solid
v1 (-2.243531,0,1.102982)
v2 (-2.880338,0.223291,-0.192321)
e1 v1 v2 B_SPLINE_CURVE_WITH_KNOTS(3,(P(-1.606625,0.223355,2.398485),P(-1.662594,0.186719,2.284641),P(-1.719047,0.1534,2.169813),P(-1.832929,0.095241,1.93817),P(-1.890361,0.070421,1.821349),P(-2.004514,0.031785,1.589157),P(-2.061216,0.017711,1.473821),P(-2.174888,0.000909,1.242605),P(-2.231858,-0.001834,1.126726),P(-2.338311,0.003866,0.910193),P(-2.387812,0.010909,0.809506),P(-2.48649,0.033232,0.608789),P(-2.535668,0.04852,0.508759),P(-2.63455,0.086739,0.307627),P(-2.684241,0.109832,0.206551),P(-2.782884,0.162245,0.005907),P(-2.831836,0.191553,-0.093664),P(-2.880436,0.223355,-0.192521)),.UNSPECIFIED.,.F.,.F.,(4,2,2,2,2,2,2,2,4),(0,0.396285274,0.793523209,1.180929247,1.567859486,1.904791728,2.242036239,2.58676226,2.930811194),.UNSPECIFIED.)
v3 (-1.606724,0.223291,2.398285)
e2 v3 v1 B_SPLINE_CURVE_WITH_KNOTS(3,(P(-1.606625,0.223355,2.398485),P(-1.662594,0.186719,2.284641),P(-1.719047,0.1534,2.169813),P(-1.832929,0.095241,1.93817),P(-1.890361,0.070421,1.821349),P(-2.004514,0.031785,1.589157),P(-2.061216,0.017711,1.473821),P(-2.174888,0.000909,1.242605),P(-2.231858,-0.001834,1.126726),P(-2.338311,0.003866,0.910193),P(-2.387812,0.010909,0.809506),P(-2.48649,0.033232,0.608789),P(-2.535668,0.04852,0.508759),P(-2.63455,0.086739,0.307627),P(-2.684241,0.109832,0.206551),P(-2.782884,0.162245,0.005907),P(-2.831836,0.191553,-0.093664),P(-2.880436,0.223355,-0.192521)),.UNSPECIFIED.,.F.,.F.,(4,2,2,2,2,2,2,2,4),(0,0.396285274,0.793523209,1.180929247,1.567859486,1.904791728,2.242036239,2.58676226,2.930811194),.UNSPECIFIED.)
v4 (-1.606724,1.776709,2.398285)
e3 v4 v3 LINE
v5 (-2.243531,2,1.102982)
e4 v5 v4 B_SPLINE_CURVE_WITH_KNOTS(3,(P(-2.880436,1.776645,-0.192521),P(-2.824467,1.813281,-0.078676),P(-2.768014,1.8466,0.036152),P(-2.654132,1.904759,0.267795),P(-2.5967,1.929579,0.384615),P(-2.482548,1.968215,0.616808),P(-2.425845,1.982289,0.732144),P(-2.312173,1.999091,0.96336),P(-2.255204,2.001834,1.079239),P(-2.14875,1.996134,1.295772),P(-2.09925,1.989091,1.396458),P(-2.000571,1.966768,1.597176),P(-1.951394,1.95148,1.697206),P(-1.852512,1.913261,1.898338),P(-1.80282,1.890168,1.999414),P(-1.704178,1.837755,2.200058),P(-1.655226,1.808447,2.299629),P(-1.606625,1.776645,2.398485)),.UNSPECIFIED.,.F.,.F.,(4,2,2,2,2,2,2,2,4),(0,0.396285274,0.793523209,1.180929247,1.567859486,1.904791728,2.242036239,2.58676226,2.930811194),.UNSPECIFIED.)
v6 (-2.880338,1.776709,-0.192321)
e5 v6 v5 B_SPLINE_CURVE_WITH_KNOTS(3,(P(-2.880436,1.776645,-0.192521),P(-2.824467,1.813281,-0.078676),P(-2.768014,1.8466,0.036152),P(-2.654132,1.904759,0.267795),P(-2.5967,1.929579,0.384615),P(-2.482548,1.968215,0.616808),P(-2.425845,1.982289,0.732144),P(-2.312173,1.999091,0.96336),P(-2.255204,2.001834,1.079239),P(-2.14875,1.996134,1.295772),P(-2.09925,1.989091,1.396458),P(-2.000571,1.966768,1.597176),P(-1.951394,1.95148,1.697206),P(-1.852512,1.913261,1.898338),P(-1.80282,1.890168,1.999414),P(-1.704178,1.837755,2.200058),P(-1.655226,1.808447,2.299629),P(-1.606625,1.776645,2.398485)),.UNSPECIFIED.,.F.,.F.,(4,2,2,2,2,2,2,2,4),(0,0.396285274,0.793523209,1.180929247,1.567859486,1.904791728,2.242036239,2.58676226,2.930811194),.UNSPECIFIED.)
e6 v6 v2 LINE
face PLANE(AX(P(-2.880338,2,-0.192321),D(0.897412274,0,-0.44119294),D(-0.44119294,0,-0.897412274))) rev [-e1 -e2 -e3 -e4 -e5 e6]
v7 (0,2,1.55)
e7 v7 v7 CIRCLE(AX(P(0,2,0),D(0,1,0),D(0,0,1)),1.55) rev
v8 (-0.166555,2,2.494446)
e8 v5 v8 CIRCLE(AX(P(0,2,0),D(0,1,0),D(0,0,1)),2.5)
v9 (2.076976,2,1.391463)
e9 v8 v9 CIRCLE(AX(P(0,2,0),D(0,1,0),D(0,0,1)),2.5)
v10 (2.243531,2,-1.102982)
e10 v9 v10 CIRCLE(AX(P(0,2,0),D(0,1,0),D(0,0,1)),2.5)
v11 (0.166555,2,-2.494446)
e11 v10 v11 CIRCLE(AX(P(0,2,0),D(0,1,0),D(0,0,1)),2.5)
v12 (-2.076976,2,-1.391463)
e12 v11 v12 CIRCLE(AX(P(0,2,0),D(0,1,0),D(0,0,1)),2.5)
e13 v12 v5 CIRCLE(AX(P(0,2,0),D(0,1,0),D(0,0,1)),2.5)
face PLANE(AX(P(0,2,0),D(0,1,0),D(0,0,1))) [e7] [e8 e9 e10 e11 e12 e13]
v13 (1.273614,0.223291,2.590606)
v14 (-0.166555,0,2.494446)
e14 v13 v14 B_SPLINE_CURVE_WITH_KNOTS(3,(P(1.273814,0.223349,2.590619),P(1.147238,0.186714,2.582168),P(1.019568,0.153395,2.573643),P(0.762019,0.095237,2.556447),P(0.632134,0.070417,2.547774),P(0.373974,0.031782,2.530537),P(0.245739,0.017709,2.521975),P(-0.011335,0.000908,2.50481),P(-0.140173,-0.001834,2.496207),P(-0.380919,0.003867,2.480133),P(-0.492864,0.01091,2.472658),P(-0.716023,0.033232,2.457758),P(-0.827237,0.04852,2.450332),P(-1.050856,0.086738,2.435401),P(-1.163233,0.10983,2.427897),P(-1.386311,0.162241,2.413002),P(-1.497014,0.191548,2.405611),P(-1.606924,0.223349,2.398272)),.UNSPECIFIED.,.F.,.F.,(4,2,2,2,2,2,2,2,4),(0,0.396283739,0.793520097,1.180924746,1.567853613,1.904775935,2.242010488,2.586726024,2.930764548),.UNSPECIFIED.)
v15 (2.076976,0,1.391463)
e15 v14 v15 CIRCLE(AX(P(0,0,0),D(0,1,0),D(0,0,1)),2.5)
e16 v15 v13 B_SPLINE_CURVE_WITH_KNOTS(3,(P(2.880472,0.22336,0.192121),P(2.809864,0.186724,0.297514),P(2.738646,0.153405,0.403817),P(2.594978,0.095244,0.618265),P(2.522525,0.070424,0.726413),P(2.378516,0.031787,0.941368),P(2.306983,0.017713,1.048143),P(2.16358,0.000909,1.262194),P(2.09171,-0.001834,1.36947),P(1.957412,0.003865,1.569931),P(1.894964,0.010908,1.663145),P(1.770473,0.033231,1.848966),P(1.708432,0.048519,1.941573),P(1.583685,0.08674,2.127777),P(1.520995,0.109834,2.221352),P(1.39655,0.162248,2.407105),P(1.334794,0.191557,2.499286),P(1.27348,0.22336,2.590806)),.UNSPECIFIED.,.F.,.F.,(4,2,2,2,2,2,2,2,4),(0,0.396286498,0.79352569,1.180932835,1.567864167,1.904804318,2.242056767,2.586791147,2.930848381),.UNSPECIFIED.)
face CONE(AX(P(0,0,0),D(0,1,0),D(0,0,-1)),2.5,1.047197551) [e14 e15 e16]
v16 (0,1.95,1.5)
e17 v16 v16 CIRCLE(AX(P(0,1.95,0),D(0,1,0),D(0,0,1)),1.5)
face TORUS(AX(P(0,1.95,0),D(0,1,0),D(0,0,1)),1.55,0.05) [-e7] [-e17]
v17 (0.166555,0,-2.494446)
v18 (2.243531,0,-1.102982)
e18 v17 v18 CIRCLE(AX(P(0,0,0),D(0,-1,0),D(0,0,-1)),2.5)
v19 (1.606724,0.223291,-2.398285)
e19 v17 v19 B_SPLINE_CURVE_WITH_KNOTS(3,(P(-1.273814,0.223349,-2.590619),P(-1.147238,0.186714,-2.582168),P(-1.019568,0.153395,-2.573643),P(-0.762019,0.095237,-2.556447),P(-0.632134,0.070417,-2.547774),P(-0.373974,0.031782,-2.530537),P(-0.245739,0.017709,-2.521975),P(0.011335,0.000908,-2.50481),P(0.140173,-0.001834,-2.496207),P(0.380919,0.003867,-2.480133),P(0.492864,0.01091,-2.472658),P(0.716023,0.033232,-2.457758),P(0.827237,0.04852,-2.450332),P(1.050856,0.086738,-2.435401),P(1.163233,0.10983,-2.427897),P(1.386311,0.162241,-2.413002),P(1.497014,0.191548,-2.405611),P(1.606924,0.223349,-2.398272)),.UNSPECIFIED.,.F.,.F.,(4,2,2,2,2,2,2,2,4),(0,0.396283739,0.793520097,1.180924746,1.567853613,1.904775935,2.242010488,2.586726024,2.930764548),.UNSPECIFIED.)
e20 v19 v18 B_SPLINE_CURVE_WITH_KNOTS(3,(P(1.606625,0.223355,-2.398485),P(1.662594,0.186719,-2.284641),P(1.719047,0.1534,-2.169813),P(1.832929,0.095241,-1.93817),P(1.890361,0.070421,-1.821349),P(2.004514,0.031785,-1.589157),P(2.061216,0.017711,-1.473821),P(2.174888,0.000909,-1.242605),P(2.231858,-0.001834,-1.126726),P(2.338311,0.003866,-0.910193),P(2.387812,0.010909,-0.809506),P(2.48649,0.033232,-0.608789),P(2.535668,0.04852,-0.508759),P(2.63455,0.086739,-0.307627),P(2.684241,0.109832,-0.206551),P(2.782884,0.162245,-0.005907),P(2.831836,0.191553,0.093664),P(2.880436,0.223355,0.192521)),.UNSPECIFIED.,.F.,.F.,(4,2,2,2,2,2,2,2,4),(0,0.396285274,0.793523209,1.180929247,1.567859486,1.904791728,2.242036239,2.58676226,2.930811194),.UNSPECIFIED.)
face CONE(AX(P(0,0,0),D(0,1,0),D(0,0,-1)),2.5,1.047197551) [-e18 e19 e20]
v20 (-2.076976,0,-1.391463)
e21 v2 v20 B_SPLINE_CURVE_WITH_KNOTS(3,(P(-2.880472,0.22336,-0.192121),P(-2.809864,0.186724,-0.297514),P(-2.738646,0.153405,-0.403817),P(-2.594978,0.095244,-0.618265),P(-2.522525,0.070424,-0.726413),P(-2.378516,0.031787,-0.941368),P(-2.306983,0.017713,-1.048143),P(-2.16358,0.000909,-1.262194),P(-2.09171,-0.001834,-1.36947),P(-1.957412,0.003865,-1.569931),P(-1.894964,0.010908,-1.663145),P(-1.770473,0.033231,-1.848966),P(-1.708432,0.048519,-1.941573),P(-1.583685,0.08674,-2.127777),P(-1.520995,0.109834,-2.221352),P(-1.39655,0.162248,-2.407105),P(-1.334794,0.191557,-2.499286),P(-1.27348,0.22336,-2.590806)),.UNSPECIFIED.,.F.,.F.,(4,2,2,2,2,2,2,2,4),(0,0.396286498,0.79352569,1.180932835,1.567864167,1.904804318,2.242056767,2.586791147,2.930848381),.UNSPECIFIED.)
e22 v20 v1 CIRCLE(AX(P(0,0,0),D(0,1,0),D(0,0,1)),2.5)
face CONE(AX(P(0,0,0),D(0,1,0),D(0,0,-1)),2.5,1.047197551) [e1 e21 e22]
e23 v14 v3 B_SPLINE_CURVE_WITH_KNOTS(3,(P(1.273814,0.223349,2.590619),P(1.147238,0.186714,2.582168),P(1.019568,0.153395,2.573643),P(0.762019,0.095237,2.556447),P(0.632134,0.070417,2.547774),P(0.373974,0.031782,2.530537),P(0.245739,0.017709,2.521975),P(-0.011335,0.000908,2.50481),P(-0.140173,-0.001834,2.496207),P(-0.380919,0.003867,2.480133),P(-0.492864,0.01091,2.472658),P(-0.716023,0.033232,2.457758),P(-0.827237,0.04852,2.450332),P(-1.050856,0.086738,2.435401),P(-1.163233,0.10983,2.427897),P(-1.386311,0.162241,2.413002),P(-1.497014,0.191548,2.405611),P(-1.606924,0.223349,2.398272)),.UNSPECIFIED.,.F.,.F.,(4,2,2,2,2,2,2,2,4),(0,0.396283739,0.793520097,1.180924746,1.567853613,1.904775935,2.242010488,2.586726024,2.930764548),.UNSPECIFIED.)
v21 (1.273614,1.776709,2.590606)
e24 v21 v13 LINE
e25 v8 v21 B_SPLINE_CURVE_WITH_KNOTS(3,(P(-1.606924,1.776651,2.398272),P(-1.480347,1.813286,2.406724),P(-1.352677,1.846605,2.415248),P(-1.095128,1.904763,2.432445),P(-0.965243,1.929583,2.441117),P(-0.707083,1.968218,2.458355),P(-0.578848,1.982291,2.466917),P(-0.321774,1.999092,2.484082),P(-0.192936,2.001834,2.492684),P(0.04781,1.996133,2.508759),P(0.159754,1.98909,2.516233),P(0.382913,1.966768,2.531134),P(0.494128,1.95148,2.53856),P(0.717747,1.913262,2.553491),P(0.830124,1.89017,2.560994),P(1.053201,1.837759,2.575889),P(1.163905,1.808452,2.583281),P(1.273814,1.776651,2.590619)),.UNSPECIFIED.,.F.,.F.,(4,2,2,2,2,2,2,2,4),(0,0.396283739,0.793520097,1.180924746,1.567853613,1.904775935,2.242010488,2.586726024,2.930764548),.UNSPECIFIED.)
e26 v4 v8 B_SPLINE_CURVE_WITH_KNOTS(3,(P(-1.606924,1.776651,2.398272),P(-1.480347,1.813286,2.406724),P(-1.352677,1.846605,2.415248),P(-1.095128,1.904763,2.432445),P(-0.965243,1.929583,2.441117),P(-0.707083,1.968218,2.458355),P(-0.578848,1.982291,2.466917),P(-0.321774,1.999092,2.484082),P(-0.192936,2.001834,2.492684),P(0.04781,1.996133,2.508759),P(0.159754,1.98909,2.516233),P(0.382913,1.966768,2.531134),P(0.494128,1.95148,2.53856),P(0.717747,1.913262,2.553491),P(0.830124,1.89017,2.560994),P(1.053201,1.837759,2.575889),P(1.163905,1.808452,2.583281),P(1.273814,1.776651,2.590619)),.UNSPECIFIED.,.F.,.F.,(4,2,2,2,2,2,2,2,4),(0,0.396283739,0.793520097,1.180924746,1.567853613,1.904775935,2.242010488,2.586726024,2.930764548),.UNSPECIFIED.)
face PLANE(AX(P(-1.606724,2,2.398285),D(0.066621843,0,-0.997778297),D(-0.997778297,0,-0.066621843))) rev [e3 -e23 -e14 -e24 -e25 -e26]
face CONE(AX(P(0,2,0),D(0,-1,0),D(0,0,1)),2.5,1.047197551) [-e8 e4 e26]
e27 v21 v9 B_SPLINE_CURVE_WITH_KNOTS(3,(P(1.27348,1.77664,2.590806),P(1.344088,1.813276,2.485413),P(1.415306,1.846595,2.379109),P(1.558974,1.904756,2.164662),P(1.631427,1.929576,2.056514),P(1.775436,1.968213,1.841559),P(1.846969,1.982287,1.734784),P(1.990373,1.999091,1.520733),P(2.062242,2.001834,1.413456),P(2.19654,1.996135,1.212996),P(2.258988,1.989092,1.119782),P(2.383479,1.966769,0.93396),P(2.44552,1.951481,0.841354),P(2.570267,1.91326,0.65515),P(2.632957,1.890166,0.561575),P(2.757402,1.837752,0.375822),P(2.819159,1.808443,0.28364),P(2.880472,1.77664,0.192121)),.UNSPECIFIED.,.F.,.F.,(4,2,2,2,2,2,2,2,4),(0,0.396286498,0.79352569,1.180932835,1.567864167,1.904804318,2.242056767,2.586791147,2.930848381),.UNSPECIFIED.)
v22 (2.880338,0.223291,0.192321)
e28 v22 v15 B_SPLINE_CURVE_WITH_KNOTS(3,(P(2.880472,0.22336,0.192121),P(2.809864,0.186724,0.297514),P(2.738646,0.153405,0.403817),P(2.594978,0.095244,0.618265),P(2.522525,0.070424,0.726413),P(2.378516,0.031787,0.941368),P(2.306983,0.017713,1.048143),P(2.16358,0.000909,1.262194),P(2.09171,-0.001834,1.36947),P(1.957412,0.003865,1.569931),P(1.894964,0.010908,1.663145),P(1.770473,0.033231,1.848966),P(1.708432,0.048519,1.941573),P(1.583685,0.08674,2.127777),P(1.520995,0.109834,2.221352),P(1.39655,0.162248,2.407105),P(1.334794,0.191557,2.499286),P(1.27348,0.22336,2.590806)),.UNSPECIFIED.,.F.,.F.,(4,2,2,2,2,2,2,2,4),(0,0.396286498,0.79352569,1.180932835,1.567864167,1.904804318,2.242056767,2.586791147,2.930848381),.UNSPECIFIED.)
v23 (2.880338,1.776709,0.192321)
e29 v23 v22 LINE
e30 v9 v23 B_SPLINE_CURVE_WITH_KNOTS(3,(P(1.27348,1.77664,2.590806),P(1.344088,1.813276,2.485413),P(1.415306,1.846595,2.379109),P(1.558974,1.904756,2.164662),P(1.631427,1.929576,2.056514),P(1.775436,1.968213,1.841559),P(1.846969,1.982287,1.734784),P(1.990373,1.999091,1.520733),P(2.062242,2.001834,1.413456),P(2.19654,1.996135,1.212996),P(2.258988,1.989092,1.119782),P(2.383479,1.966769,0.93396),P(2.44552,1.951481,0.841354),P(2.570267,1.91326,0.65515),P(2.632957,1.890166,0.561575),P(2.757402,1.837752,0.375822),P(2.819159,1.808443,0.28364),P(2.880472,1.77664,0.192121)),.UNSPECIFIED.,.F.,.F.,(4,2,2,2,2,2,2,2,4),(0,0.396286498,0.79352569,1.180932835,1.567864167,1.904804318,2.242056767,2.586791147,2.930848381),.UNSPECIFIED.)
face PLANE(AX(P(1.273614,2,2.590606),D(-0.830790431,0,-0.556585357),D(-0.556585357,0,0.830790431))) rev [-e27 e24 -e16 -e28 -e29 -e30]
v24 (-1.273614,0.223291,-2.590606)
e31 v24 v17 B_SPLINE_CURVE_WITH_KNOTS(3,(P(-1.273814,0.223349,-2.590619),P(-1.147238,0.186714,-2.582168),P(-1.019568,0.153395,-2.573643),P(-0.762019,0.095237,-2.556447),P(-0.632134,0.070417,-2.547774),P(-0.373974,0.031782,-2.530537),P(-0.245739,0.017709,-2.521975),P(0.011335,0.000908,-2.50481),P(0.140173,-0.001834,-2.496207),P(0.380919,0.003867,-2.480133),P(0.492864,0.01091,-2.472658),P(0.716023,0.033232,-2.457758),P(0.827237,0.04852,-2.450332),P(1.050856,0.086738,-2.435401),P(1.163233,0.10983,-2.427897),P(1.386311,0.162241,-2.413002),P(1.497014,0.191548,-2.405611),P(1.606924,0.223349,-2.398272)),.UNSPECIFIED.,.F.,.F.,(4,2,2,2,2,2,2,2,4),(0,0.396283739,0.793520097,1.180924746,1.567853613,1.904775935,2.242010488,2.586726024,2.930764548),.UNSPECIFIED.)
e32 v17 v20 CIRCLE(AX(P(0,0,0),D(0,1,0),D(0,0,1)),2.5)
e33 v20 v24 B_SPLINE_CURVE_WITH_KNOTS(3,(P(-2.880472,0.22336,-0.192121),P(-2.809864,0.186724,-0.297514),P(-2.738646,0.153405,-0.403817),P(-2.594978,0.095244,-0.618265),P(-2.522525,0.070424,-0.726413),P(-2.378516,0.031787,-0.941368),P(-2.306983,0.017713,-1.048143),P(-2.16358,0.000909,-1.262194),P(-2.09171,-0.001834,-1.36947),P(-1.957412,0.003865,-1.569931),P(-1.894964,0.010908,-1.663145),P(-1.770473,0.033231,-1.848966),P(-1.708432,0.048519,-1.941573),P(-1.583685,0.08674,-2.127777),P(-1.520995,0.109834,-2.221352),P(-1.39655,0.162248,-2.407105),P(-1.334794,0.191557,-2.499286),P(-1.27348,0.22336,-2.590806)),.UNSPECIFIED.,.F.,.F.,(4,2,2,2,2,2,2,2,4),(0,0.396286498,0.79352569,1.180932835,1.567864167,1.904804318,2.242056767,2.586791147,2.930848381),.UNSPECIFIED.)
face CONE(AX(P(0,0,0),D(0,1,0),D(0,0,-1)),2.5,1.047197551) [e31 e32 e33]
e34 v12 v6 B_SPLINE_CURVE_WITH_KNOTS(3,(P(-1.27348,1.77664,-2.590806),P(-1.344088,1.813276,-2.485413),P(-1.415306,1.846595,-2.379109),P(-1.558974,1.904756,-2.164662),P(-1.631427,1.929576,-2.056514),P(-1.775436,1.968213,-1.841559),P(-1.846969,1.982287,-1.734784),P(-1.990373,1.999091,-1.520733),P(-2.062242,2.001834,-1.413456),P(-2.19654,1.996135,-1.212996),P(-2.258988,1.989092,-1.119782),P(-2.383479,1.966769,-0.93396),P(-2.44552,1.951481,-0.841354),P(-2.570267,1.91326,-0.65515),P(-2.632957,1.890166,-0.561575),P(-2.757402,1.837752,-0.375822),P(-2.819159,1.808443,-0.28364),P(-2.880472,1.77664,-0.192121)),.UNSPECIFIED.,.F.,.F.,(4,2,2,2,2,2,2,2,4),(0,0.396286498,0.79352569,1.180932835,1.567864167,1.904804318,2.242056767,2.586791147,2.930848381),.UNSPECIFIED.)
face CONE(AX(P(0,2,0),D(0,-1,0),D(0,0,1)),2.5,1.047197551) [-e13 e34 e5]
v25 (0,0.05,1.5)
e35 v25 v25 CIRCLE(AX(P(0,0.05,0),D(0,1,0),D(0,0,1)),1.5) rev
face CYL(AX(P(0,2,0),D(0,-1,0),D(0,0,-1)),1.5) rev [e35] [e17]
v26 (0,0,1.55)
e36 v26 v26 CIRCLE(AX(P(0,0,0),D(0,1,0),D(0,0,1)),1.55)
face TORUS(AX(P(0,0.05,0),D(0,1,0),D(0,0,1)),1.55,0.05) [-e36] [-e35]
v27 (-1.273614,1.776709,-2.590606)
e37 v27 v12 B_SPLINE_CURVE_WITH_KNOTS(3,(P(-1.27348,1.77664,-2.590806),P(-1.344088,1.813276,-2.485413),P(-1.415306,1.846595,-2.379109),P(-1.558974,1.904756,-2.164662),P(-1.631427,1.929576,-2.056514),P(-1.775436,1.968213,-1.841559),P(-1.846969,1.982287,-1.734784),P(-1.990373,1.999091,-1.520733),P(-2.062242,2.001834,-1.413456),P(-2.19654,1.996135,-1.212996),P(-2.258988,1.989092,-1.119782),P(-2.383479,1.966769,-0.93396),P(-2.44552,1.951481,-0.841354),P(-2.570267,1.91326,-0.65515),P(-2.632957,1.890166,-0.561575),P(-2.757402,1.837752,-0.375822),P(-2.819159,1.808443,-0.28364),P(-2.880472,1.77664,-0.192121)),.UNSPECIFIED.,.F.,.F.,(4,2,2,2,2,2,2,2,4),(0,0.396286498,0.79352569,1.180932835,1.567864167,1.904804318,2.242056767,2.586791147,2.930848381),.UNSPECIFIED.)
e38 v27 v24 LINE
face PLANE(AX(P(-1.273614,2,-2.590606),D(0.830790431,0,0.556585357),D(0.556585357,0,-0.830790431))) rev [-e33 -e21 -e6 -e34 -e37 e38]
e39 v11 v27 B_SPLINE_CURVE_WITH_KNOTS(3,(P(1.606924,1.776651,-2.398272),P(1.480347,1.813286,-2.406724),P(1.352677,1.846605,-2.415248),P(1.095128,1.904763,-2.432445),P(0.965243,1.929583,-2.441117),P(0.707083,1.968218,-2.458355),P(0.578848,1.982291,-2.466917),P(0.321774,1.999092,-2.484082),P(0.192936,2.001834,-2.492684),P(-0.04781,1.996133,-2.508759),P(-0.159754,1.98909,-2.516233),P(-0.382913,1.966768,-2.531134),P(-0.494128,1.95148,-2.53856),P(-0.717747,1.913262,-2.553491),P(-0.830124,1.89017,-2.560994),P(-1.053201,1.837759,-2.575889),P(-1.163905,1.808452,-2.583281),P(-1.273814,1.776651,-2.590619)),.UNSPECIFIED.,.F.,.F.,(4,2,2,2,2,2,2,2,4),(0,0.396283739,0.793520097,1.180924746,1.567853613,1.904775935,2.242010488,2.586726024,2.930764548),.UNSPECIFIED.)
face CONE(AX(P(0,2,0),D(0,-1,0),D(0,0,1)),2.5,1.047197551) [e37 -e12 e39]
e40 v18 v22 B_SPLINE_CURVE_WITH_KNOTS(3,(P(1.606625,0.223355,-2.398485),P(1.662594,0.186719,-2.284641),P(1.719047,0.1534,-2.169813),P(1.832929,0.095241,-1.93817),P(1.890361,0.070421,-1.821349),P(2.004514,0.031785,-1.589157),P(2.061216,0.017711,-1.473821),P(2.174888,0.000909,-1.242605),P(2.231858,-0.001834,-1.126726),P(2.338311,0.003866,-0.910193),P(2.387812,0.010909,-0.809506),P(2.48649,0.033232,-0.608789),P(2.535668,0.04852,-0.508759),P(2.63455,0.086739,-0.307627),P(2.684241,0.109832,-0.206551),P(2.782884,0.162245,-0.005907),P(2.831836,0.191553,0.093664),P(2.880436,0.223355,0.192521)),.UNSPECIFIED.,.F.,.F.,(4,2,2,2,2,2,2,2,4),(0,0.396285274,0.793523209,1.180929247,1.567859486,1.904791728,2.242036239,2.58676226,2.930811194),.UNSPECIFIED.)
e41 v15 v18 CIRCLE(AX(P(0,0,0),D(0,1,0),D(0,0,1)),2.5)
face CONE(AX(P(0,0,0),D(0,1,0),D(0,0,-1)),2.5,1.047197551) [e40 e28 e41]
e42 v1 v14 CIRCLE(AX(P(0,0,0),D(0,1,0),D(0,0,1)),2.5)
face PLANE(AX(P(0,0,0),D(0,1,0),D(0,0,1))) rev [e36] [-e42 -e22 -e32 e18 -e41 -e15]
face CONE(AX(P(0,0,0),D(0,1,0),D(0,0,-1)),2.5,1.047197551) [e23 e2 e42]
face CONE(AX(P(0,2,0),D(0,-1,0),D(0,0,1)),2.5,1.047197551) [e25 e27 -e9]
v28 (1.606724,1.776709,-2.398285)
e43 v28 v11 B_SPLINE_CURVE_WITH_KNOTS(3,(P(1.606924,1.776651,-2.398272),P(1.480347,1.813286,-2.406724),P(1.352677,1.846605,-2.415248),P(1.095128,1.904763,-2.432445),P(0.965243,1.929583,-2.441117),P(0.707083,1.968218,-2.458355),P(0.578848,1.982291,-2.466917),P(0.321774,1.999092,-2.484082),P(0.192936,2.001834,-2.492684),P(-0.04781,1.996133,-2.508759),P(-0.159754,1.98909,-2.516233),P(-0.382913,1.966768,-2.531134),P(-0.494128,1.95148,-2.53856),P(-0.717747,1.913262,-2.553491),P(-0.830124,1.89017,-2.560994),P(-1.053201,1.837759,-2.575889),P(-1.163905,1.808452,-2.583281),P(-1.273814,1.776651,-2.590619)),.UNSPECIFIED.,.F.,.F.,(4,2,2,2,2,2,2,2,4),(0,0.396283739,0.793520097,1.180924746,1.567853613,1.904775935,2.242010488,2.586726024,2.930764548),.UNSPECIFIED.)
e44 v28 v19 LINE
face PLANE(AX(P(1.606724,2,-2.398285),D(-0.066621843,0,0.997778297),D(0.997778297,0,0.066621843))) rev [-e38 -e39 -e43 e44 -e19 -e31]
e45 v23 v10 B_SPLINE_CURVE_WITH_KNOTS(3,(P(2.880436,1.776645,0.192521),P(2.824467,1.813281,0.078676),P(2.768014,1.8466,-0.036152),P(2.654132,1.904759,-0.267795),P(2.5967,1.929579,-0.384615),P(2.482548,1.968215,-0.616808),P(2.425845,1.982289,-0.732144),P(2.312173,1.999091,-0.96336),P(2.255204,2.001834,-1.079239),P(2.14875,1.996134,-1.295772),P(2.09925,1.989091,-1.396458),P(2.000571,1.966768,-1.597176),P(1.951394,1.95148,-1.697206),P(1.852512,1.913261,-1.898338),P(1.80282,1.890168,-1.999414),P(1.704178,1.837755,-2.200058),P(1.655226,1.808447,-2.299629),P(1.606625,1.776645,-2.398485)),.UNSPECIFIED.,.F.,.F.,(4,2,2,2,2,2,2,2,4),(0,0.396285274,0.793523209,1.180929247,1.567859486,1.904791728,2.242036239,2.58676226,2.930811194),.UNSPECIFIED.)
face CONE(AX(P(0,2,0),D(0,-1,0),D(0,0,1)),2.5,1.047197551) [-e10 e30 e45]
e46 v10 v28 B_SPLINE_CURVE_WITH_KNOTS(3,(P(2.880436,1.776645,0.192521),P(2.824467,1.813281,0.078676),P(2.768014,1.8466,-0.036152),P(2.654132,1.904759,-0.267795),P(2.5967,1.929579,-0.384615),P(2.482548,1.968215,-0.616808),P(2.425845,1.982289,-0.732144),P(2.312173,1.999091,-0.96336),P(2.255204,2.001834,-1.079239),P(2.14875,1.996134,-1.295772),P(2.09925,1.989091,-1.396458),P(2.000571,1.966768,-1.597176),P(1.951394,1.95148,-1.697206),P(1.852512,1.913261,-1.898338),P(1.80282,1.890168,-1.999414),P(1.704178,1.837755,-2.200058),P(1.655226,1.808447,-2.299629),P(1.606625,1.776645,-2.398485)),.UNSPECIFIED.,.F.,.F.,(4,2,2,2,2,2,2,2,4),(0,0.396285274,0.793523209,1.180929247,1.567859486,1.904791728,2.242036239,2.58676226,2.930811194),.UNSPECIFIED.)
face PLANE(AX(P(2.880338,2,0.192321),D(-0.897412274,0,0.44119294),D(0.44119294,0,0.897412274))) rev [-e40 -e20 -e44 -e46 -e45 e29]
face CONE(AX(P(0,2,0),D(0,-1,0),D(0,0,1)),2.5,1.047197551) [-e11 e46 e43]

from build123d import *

# Parameters (mm, degrees)
SKETCH1_R           = 1.5
BOSS_EXTRUDE1_DEPTH = 2
SKETCH2_OUTSIDE_W   = 16.288
SKETCH2_OUTSIDE_H   = 15.71
SKETCH2_OUTSIDE_R   = 2.5
CUT_EXTRUDE1_DEPTH  = 2
CUT_EXTRUDE1_TAPER  = 60
SKETCH3_OUTSIDE_W   = 16.288
SKETCH3_OUTSIDE_H   = 15.71
SKETCH3_OUTSIDE_R   = 2.5
CUT_EXTRUDE2_DEPTH  = 2
CUT_EXTRUDE2_TAPER  = 60
FILLET1_R           = 0.05


with BuildPart() as part:
    # Sketch1 → Boss-Extrude1 (new body)
    with BuildSketch(Plane(origin=(0, 0, 0), x_dir=(1, 0, 0), z_dir=(0, 1, 0))):
        Polygon((-2.880337842, 0.192320694), (-1.606723528, -2.398285395), (1.273614314, -2.59060609), (2.880337842, -0.192320694), (1.606723528, 2.398285395), (-1.273614314, 2.59060609), align=None)
        Circle(SKETCH1_R, mode=Mode.SUBTRACT)
    extrude(amount=BOSS_EXTRUDE1_DEPTH)

    # Sketch2 outside → Cut-Extrude1 (cut)
    with BuildSketch(Plane(origin=(0, 2, 0), x_dir=(1, 0, 0), z_dir=(0, 1, 0))):
        Rectangle(SKETCH2_OUTSIDE_W, SKETCH2_OUTSIDE_H)
        Circle(SKETCH2_OUTSIDE_R, mode=Mode.SUBTRACT)
    extrude(amount=-CUT_EXTRUDE1_DEPTH, taper=CUT_EXTRUDE1_TAPER, mode=Mode.SUBTRACT)

    # Sketch3 outside → Cut-Extrude2 (cut)
    with BuildSketch(Plane.XZ):
        Rectangle(SKETCH3_OUTSIDE_W, SKETCH3_OUTSIDE_H)
        Circle(SKETCH3_OUTSIDE_R, mode=Mode.SUBTRACT)
    extrude(amount=-CUT_EXTRUDE2_DEPTH, taper=CUT_EXTRUDE2_TAPER, mode=Mode.SUBTRACT)

    # Fillet1
    fillet1_edges = [part.edges().sort_by_distance(p)[0] for p in [
        (-1.5, 0, 0),
        (-1.5, 2, 0),
    ]]
    fillet(fillet1_edges, radius=FILLET1_R)


solid = part.part
